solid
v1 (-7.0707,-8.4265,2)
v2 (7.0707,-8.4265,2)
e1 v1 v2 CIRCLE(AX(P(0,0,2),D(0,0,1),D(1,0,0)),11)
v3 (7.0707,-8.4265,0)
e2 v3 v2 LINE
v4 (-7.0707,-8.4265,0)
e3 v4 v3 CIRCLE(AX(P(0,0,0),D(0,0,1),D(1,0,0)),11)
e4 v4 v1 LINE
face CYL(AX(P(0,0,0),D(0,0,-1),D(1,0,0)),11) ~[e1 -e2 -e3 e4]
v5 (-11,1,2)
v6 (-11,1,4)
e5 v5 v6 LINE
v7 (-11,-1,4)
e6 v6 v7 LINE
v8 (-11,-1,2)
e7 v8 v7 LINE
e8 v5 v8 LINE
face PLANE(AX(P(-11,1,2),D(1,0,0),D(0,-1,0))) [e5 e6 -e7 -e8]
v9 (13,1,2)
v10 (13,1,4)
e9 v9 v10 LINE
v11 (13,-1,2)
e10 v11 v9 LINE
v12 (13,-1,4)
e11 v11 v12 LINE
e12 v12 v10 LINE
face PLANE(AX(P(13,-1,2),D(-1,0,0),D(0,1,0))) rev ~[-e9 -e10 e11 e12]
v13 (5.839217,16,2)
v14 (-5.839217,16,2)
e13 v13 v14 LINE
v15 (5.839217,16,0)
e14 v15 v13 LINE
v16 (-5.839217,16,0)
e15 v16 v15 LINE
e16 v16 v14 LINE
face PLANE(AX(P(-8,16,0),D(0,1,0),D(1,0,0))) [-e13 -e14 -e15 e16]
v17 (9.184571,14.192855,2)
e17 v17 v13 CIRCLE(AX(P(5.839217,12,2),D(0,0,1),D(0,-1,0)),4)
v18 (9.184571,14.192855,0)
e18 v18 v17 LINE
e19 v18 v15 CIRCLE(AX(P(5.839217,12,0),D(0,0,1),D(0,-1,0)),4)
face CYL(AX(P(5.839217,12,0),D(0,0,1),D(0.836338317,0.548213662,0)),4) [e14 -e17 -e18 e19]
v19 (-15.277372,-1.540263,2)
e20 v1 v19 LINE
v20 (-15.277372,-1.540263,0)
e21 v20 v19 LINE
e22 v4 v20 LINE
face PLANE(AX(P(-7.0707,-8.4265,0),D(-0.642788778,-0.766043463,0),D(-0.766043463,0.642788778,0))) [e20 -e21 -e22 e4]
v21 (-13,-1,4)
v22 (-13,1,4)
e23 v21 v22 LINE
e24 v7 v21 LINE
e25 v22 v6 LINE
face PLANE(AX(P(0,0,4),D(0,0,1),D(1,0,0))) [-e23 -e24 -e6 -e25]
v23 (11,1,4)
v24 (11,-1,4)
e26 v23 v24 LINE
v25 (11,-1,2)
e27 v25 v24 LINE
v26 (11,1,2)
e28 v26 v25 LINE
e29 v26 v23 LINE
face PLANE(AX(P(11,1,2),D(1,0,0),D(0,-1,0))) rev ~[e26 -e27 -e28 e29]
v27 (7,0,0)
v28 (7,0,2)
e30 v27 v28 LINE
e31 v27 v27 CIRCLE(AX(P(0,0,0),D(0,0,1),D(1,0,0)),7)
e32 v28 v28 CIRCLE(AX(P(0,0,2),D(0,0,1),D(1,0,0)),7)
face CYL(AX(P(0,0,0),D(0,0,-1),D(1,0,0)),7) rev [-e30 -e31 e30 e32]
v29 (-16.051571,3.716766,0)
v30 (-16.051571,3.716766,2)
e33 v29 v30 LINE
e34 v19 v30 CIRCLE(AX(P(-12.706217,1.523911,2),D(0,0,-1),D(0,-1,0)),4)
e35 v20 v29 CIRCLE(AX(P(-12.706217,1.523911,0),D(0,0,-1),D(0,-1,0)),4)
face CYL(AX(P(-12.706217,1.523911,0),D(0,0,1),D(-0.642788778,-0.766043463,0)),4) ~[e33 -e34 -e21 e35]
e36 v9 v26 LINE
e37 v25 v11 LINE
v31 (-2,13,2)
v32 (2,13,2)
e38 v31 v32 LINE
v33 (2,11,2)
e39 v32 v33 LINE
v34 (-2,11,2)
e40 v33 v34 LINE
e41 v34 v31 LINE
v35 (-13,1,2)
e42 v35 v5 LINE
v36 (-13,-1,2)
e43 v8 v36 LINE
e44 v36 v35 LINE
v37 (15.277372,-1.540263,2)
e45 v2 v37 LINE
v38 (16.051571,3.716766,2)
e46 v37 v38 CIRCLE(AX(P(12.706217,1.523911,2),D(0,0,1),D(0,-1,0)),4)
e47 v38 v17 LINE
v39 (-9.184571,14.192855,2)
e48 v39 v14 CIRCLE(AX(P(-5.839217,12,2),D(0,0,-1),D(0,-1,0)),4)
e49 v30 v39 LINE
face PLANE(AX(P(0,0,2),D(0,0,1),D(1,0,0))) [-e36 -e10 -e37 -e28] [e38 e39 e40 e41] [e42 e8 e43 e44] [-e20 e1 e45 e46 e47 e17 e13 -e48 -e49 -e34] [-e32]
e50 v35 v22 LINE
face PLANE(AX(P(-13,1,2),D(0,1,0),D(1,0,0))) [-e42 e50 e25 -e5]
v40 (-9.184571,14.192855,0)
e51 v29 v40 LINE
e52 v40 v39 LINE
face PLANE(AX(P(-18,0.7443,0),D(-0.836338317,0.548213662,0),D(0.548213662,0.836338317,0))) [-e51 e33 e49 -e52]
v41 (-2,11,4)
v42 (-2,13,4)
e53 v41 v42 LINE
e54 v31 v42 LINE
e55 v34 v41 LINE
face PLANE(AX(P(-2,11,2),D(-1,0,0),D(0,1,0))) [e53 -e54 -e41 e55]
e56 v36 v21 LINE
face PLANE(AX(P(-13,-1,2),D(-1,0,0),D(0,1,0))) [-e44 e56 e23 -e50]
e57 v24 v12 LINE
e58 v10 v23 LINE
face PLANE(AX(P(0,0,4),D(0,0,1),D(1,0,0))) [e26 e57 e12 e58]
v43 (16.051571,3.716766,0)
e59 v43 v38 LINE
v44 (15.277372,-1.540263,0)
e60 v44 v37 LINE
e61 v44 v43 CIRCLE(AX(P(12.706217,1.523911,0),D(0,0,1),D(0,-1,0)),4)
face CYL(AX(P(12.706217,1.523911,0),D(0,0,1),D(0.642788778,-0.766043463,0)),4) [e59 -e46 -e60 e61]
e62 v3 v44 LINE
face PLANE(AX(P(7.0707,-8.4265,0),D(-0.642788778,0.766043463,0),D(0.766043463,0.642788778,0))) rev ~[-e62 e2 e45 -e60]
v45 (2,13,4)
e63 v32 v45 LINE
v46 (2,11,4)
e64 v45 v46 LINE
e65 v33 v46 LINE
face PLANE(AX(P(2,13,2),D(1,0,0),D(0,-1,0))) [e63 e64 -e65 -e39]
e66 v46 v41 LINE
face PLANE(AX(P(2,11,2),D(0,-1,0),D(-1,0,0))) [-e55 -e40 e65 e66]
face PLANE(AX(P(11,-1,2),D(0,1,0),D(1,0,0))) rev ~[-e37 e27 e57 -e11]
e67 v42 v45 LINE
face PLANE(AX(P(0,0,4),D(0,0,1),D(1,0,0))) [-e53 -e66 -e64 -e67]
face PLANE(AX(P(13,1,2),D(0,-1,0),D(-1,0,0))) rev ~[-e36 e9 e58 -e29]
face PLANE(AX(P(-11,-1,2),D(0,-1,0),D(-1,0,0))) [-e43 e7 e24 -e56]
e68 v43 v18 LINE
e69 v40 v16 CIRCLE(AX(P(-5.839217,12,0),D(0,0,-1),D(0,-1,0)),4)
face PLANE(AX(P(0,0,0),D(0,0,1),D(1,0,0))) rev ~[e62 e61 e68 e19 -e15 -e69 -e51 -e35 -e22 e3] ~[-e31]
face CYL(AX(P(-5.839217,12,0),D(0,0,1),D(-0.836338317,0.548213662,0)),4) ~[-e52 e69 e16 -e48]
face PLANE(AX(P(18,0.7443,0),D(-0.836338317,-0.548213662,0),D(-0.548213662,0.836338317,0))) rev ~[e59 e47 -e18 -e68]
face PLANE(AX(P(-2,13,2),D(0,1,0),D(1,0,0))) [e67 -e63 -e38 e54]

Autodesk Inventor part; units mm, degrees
ref_plane "YZ Plane" through (0, 0, 0) normal (1, 0, 0) x (0, 1, 0)
ref_plane "XZ Plane" through (0, 0, 0) normal (0, 1, 0) x (-1, 0, 0)
ref_plane "XY Plane" through (0, 0, 0) normal (0, 0, 1) x (1, 0, 0)
sketch "Sketch1" plane through (0, 0, 0) normal (0, 0, 1) x (1, 0, 0)
  circle A0 centre (0, 0) radius 7
  circle A1 centre (0, 0) radius 11
  line L0 (-31.215, 0) -> (-15, 0) construction
  line L1 (-11.7494, 0) -> (27.9854, 0) construction
  line L2 (7.0707, -8.4265) -> (18, 0.7443)
  line L3 (18, 0.7443) -> (8, 16)
  line L4 (8, 16) -> (0, 16)
  line L5 (0, -17.2006) -> (0, 31.2913) construction
  line L6 (-7.0707, -8.4265) -> (-18, 0.7443)
  line L7 (-18, 0.7443) -> (-8, 16)
  line L8 (-8, 16) -> (0, 16)
  dimension "d12" = 22
  dimension "d11" = 14
  dimension "d13" = 50
  dimension "d14" = 18
  dimension "d15" = 16
  dimension "d16" = 8
extrude "Extrusion1" add sketch "Sketch1" along normal blind 2
sketch "Sketch2" plane through (0, 0, 2) normal (0, 0, 1) x (1, 0, 0)
  arc A0 (-7.0707, -8.4265) -> (7.0707, -8.4265) centre (0, 0) ccw projected
  line L0 (7.0707, -8.4265) -> (18, 0.7443) projected
  line L1 (18, 0.7443) -> (8, 16) projected
  line L2 (8, 16) -> (-8, 16) projected
  line L3 (-8, 16) -> (-18, 0.7443) projected
  line L4 (-18, 0.7443) -> (-7.0707, -8.4265) projected
  circle A1 centre (0, 0) radius 7 projected
  line L5 (11, -1) -> (13, -1)
  line L6 (13, -1) -> (13, 1)
  line L7 (13, 1) -> (11, 1)
  line L8 (11, 1) -> (11, -1)
  line L9 (11, -1) -> (13, 1) construction
  line L10 (13, -1) -> (11, 1) construction
  line L11 (-2, 13) -> (2, 13)
  line L12 (2, 13) -> (2, 11)
  line L13 (2, 11) -> (-2, 11)
  line L14 (-2, 11) -> (-2, 13)
  line L15 (-2, 13) -> (2, 11) construction
  line L16 (2, 13) -> (-2, 11) construction
  line L17 (0, 16) -> (0, -7) construction
  line L18 (-11, -1) -> (-13, -1)
  line L19 (-13, -1) -> (-13, 1)
  line L20 (-13, 1) -> (-11, 1)
  line L21 (-11, 1) -> (-11, -1)
  line L22 (-11, -1) -> (-13, 1) construction
  line L23 (-13, -1) -> (-11, 1) construction
  point P0 (12, 0)
  point P1 (0, 12)
  point P2 (12, 0)
  point P3 (0, 12)
  point P4 (0, 12)
  point P5 (-12, 0)
  point P6 (-12, 0)
  dimension "d18" = 2
  dimension "d19" = 2
  dimension "d20" = 4
  dimension "d21" = 2
  dimension "d22" = 12
  dimension "d23" = 12
extrude "Extrusion2" add sketch "Sketch2" along normal blind 2 contours L8 L7 L6 L5 | L11 L12 L13 L14 | L18 L19 L20 L21
fillet "Fillet1" radius 4 4 edges at (18, 0.7443, 1) (-18, 0.7443, 1) (-8, 16, 1) (8, 16, 1)
properties part number "lager opvulling voor lijm"
